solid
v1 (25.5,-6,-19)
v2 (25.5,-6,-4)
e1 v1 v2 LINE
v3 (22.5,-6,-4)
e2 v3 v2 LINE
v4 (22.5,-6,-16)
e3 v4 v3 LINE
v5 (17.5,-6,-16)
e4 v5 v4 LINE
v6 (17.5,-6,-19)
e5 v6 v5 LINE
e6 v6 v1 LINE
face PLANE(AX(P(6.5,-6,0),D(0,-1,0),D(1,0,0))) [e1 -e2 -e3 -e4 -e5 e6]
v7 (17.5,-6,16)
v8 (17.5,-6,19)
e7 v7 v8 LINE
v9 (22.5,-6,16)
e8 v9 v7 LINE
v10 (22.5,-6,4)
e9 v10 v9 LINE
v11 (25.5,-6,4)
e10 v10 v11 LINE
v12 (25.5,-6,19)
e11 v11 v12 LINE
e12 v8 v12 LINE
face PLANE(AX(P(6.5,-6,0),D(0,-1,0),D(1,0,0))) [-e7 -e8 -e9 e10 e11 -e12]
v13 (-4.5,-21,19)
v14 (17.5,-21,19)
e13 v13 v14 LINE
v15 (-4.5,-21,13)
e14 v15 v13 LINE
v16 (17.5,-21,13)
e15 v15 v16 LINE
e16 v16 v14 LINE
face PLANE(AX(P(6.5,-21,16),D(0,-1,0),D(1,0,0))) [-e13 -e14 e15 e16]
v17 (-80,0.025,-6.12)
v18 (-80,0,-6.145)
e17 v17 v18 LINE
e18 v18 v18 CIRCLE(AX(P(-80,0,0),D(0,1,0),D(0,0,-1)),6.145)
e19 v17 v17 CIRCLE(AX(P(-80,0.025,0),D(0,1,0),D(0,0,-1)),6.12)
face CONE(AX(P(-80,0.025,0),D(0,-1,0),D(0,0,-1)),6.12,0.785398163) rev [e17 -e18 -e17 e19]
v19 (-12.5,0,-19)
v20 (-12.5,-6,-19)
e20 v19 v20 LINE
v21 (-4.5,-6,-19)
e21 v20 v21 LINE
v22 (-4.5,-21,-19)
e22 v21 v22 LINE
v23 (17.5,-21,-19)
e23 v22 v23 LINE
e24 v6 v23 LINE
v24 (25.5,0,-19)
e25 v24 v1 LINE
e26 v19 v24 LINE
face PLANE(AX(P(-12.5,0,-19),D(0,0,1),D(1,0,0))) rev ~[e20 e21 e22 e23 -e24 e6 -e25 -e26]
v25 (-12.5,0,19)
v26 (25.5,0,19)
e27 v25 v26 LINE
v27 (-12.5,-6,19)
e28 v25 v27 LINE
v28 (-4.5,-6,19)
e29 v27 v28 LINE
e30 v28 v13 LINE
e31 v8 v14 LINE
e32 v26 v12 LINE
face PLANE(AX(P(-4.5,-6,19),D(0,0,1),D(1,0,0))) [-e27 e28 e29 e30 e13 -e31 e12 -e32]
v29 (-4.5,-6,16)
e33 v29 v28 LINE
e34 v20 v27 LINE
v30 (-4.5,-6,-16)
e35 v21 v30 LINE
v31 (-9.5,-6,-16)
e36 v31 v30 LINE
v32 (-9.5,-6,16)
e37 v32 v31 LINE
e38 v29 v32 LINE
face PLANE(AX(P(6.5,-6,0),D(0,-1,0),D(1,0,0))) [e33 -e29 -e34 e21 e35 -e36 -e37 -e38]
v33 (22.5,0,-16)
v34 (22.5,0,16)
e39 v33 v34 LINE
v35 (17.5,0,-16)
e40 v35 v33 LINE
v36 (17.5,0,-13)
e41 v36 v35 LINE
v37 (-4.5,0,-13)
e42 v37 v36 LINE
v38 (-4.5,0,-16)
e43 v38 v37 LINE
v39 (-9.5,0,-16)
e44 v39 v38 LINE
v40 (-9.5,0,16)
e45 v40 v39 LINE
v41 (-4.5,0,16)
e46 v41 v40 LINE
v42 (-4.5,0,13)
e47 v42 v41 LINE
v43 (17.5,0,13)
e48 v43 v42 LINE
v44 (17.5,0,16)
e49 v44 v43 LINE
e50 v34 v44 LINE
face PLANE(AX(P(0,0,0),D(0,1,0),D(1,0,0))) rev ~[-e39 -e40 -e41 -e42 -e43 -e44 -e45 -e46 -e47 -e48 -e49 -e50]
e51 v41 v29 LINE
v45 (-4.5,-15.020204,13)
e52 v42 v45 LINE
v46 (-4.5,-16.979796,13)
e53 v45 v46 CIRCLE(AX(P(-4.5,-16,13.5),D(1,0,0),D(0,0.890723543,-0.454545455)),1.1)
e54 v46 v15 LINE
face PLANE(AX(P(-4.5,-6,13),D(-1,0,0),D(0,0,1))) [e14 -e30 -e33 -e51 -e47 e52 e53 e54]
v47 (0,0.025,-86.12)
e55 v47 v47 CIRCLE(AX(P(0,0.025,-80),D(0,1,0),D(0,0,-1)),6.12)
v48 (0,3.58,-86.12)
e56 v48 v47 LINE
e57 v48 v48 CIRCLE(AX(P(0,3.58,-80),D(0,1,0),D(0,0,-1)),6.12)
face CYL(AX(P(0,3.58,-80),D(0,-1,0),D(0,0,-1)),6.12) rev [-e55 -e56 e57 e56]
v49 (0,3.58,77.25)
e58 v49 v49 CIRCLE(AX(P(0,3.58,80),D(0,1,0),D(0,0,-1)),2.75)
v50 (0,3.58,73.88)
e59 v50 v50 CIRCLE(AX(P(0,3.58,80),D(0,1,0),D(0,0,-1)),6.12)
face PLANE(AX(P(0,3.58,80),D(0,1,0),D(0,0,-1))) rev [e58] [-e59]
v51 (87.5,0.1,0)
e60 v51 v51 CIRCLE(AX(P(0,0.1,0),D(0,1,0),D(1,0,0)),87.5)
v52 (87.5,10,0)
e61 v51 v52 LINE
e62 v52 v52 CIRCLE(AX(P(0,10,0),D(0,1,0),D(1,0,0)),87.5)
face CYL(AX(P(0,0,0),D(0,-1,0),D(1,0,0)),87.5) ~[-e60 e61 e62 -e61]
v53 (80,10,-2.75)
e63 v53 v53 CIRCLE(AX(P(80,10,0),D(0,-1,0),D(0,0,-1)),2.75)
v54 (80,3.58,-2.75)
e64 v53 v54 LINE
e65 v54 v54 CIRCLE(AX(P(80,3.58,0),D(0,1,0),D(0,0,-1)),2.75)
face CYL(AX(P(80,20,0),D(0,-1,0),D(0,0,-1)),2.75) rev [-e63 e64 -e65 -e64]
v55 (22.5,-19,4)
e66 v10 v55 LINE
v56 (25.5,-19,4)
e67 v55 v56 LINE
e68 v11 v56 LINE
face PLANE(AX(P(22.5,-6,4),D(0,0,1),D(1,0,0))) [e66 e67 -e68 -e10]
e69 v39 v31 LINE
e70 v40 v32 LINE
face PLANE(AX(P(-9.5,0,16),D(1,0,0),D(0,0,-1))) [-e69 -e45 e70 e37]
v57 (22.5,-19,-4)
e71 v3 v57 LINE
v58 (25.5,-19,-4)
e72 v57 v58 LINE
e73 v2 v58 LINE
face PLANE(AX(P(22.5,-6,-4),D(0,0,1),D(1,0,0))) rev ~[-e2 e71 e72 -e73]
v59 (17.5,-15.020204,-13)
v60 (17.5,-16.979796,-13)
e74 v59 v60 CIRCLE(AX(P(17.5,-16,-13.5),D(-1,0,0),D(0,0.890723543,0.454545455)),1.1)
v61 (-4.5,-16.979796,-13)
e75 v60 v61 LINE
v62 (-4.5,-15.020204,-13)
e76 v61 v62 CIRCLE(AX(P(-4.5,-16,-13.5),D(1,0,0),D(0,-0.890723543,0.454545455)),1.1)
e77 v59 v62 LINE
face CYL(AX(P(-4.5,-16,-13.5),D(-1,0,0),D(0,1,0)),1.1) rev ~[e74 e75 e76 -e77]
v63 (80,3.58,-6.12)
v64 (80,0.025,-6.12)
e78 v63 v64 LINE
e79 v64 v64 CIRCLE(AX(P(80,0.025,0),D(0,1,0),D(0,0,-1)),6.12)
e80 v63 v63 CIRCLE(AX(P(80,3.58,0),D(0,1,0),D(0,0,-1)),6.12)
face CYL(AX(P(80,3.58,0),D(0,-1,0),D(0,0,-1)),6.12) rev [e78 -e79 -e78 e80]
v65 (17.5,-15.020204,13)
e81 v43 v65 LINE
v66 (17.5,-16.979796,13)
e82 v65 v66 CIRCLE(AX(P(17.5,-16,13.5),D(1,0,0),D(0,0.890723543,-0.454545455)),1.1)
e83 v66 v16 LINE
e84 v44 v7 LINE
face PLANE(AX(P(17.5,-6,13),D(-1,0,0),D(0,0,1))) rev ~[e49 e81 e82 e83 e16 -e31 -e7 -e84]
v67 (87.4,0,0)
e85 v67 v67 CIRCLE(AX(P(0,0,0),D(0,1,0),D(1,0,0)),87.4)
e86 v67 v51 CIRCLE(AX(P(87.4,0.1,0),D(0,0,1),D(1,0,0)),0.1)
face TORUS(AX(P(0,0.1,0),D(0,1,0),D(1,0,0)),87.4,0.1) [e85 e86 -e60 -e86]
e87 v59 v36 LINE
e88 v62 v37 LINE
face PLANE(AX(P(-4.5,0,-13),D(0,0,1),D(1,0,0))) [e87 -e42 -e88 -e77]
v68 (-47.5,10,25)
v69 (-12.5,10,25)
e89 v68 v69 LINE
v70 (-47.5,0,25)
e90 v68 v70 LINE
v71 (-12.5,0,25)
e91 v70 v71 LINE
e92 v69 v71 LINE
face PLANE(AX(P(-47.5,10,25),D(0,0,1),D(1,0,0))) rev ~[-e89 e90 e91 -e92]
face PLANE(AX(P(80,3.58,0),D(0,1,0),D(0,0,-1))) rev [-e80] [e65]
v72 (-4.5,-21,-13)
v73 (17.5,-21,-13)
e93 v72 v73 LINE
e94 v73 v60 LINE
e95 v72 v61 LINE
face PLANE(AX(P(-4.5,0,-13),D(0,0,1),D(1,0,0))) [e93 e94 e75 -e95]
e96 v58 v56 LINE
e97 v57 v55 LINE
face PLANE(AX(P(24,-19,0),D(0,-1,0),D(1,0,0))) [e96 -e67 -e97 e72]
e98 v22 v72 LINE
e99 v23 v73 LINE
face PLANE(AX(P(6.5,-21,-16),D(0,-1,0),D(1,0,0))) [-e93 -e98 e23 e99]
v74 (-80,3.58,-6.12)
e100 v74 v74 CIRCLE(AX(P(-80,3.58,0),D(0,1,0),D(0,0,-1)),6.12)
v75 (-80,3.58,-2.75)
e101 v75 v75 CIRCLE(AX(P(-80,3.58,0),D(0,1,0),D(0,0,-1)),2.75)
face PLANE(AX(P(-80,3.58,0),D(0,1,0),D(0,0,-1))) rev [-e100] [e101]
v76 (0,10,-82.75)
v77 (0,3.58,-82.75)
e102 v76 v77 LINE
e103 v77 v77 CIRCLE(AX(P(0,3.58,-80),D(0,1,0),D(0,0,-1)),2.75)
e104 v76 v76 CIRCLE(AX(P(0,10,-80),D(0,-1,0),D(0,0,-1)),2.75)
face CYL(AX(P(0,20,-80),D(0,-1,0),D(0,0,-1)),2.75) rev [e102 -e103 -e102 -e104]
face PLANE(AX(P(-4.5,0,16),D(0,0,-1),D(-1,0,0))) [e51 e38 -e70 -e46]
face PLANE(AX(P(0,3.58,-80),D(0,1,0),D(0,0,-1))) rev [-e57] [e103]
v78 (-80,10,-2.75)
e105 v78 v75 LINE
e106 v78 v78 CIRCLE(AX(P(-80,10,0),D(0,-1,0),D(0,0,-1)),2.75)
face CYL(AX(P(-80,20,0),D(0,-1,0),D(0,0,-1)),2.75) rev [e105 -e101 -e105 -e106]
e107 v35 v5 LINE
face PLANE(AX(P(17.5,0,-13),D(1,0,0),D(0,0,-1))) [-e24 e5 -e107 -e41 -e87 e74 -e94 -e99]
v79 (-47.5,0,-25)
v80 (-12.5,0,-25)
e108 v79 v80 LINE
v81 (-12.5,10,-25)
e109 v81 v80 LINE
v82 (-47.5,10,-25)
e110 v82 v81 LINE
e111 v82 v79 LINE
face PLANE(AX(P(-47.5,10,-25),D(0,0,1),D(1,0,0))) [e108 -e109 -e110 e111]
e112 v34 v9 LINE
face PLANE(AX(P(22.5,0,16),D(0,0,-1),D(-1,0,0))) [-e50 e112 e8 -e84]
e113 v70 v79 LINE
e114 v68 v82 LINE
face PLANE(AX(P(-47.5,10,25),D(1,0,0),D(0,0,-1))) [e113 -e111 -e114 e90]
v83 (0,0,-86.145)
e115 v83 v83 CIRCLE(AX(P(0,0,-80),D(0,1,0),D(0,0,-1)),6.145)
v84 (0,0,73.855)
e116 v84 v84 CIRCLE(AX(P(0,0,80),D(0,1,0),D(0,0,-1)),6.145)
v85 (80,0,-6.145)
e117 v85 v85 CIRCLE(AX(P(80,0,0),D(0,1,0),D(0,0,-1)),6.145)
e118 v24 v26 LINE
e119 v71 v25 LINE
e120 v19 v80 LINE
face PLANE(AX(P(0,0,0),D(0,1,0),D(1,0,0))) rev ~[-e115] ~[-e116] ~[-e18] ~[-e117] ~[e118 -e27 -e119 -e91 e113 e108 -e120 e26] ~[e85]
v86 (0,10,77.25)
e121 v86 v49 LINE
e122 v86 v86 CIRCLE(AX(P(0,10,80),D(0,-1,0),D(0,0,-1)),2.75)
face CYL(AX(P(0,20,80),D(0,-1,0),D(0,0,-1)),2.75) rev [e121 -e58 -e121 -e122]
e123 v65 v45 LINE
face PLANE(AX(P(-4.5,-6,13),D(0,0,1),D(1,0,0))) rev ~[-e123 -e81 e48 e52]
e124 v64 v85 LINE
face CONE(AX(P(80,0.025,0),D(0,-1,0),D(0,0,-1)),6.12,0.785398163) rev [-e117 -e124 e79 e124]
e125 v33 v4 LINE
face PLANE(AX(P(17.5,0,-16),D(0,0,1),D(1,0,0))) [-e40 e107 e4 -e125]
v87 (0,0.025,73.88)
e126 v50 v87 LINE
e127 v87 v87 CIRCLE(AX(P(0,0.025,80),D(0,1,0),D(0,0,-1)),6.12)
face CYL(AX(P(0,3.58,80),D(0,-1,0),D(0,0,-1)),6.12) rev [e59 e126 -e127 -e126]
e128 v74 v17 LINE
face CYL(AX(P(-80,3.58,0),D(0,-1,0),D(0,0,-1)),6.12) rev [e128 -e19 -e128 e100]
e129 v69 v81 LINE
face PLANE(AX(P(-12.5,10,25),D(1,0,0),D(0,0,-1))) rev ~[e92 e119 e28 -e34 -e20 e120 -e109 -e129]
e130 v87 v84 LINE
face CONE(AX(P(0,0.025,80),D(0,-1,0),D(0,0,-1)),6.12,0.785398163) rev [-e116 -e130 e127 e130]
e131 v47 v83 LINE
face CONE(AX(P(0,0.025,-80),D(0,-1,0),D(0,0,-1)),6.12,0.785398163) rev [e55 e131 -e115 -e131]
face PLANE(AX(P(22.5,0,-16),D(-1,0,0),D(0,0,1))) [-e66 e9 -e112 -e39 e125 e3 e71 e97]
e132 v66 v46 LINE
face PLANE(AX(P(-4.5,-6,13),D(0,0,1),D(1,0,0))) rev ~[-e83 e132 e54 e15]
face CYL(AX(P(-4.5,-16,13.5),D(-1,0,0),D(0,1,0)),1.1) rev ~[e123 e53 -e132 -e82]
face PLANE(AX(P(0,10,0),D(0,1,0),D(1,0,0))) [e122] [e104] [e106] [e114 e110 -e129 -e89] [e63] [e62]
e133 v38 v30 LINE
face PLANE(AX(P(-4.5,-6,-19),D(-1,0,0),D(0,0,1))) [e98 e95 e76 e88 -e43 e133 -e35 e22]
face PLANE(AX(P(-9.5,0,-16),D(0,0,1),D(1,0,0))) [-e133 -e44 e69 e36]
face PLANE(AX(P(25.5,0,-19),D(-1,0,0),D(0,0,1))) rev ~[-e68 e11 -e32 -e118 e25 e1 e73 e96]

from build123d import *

# Parameters (mm, degrees)
SKETCH1_R                              = 87.5
BOSS_EXTRUDE1_DEPTH                    = 10
SKETCH2_R                              = 7.5
BOSS_EXTRUDE2_DEPTH                    = 80
CBORE_FOR_M5_HEX_HEAD_BOLT1_AT_2_COUNT = 2
CBORE_FOR_M5_HEX_HEAD_BOLT1_AT_2_PITCH = 113.13708499
CBORE_FOR_M5_HEX_HEAD_BOLT1_AT_3_COUNT = 2
CBORE_FOR_M5_HEX_HEAD_BOLT1_AT_3_PITCH = 160
CBORE_FOR_M5_HEX_HEAD_BOLT1_AT_4_COUNT = 2
CBORE_FOR_M5_HEX_HEAD_BOLT1_AT_4_PITCH = 113.13708499
SKETCH5_R                              = 87.5
CUT_EXTRUDE1_DEPTH                     = 80
FILLET1_R                              = 0.1
SKETCH10_W                             = 35
SKETCH10_H                             = 50
CUT_EXTRUDE3_DEPTH                     = 23
SKETCH12_W                             = 38
SKETCH12_H                             = 38
BOSS_EXTRUDE3_DEPTH                    = 6
SKETCH13_W                             = 22
SKETCH13_H                             = 6
BOSS_EXTRUDE4_DEPTH                    = 15
SKETCH14_W                             = 3
SKETCH14_H                             = 8
BOSS_EXTRUDE5_DEPTH                    = 13
CUT_EXTRUDE4_DEPTH                     = 93.0000001


with BuildPart() as part:
    # Sketch1 → Boss-Extrude1 (new body)
    with BuildSketch(Plane(origin=(0, 0, 0), x_dir=(1, 0, 0), z_dir=(0, 1, 0))):
        Circle(SKETCH1_R)
    extrude(amount=BOSS_EXTRUDE1_DEPTH)

    # Sketch2 → Boss-Extrude2 (add)
    with BuildSketch(Plane(origin=(0, 10, 0), x_dir=(1, 0, 0), z_dir=(0, 1, 0))):
        with Locations((0, -80)):
            Circle(SKETCH2_R)
        with Locations((-80, 0)):
            Circle(SKETCH2_R)
        with Locations((0, 80)):
            Circle(SKETCH2_R)
        with Locations((80, 0)):
            Circle(SKETCH2_R)
    extrude(amount=BOSS_EXTRUDE2_DEPTH)

    # Sketch4 → CBORE for M5 Hex Head Bolt1 (revolve, cut)
    with BuildSketch(Plane(origin=(80, 0, 0), x_dir=(0, 0, -1), z_dir=(1, 0, 0))):
        Polygon((0, 0), (0, 21.652366702), (2.75, 20), (2.75, 3.58), (6.12, 3.58), (6.12, 0.025), (6.145, 0), align=None)
    cbore_for_m5_hex_head_bolt1 = revolve(axis=Axis((80, -6.35, 0), (0, 1, 0)), mode=Mode.SUBTRACT)

    # CBORE for M5 Hex Head Bolt1 at 2: CBORE for M5 Hex Head Bolt1 ×2
    with Locations(*[Vector(-0.707106781, 0, -0.707106781) * (i * CBORE_FOR_M5_HEX_HEAD_BOLT1_AT_2_PITCH) for i in range(1, CBORE_FOR_M5_HEX_HEAD_BOLT1_AT_2_COUNT)]):
        add(cbore_for_m5_hex_head_bolt1, mode=Mode.SUBTRACT)

    # CBORE for M5 Hex Head Bolt1 at 3: CBORE for M5 Hex Head Bolt1 ×2
    with Locations(*[(-i * CBORE_FOR_M5_HEX_HEAD_BOLT1_AT_3_PITCH, 0, 0) for i in range(1, CBORE_FOR_M5_HEX_HEAD_BOLT1_AT_3_COUNT)]):
        add(cbore_for_m5_hex_head_bolt1, mode=Mode.SUBTRACT)

    # CBORE for M5 Hex Head Bolt1 at 4: CBORE for M5 Hex Head Bolt1 ×2
    with Locations(*[Vector(-0.707106781, 0, 0.707106781) * (i * CBORE_FOR_M5_HEX_HEAD_BOLT1_AT_4_PITCH) for i in range(1, CBORE_FOR_M5_HEX_HEAD_BOLT1_AT_4_COUNT)]):
        add(cbore_for_m5_hex_head_bolt1, mode=Mode.SUBTRACT)

    # Sketch5 → Cut-Extrude1 (cut)
    with BuildSketch(Plane(origin=(0, 10, 0), x_dir=(1, 0, 0), z_dir=(0, 1, 0))):
        Circle(SKETCH5_R)
    extrude(amount=CUT_EXTRUDE1_DEPTH, mode=Mode.SUBTRACT)

    # Fillet1
    fillet1_edges = [part.edges().sort_by_distance(p)[0] for p in [
        (-87.5, 0, 0),
    ]]
    fillet(fillet1_edges, radius=FILLET1_R)

    # Sketch10 → Cut-Extrude3 (cut)
    with BuildSketch(Plane(origin=(0, 10, 0), x_dir=(1, 0, 0), z_dir=(0, 1, 0))):
        with Locations((-30, 0)):
            Rectangle(SKETCH10_W, SKETCH10_H)
    extrude(amount=-CUT_EXTRUDE3_DEPTH, mode=Mode.SUBTRACT)

    # Sketch12 → Boss-Extrude3 (add)
    with BuildSketch(Plane.XZ):
        with Locations((6.5, 0)):
            Rectangle(SKETCH12_W, SKETCH12_H)
        Polygon((22.5, 16), (17.5, 16), (17.5, 13), (-4.5, 13), (-4.5, 16), (-9.5, 16), (-9.5, -16), (-4.5, -16), (-4.5, -13), (17.5, -13), (17.5, -16), (22.5, -16), align=None, mode=Mode.SUBTRACT)
    extrude(amount=BOSS_EXTRUDE3_DEPTH)

    # Sketch13 → Boss-Extrude4 (add)
    with BuildSketch(Plane.XZ.offset(6)):
        with Locations((6.5, 16)):
            Rectangle(SKETCH13_W, SKETCH13_H)
        with Locations((6.5, -16)):
            Rectangle(SKETCH13_W, SKETCH13_H)
    extrude(amount=BOSS_EXTRUDE4_DEPTH)

    # Sketch14 → Boss-Extrude5 (add)
    with BuildSketch(Plane.XZ.offset(6)):
        with Locations((24, 0)):
            Rectangle(SKETCH14_W, SKETCH14_H)
    extrude(amount=BOSS_EXTRUDE5_DEPTH)

    # Sketch15 → Cut-Extrude4 (cut, through all)
    with BuildSketch(Plane.ZY.offset(4.5)):
        with BuildLine():
            ThreePointArc((-13.500000002, -17.1), (-12.4, -16.000000001), (-13.5, -14.9))
            ThreePointArc((-13.5, -14.9), (-14.6, -15.999999999), (-13.500000002, -17.1))
        make_face()
        with BuildLine():
            ThreePointArc((13.500000002, -17.1), (14.6, -15.999999999), (13.5, -14.9))
            ThreePointArc((13.5, -14.9), (12.4, -16.000000001), (13.500000002, -17.1))
        make_face()
    extrude(amount=-CUT_EXTRUDE4_DEPTH, mode=Mode.SUBTRACT)


solid = part.part
